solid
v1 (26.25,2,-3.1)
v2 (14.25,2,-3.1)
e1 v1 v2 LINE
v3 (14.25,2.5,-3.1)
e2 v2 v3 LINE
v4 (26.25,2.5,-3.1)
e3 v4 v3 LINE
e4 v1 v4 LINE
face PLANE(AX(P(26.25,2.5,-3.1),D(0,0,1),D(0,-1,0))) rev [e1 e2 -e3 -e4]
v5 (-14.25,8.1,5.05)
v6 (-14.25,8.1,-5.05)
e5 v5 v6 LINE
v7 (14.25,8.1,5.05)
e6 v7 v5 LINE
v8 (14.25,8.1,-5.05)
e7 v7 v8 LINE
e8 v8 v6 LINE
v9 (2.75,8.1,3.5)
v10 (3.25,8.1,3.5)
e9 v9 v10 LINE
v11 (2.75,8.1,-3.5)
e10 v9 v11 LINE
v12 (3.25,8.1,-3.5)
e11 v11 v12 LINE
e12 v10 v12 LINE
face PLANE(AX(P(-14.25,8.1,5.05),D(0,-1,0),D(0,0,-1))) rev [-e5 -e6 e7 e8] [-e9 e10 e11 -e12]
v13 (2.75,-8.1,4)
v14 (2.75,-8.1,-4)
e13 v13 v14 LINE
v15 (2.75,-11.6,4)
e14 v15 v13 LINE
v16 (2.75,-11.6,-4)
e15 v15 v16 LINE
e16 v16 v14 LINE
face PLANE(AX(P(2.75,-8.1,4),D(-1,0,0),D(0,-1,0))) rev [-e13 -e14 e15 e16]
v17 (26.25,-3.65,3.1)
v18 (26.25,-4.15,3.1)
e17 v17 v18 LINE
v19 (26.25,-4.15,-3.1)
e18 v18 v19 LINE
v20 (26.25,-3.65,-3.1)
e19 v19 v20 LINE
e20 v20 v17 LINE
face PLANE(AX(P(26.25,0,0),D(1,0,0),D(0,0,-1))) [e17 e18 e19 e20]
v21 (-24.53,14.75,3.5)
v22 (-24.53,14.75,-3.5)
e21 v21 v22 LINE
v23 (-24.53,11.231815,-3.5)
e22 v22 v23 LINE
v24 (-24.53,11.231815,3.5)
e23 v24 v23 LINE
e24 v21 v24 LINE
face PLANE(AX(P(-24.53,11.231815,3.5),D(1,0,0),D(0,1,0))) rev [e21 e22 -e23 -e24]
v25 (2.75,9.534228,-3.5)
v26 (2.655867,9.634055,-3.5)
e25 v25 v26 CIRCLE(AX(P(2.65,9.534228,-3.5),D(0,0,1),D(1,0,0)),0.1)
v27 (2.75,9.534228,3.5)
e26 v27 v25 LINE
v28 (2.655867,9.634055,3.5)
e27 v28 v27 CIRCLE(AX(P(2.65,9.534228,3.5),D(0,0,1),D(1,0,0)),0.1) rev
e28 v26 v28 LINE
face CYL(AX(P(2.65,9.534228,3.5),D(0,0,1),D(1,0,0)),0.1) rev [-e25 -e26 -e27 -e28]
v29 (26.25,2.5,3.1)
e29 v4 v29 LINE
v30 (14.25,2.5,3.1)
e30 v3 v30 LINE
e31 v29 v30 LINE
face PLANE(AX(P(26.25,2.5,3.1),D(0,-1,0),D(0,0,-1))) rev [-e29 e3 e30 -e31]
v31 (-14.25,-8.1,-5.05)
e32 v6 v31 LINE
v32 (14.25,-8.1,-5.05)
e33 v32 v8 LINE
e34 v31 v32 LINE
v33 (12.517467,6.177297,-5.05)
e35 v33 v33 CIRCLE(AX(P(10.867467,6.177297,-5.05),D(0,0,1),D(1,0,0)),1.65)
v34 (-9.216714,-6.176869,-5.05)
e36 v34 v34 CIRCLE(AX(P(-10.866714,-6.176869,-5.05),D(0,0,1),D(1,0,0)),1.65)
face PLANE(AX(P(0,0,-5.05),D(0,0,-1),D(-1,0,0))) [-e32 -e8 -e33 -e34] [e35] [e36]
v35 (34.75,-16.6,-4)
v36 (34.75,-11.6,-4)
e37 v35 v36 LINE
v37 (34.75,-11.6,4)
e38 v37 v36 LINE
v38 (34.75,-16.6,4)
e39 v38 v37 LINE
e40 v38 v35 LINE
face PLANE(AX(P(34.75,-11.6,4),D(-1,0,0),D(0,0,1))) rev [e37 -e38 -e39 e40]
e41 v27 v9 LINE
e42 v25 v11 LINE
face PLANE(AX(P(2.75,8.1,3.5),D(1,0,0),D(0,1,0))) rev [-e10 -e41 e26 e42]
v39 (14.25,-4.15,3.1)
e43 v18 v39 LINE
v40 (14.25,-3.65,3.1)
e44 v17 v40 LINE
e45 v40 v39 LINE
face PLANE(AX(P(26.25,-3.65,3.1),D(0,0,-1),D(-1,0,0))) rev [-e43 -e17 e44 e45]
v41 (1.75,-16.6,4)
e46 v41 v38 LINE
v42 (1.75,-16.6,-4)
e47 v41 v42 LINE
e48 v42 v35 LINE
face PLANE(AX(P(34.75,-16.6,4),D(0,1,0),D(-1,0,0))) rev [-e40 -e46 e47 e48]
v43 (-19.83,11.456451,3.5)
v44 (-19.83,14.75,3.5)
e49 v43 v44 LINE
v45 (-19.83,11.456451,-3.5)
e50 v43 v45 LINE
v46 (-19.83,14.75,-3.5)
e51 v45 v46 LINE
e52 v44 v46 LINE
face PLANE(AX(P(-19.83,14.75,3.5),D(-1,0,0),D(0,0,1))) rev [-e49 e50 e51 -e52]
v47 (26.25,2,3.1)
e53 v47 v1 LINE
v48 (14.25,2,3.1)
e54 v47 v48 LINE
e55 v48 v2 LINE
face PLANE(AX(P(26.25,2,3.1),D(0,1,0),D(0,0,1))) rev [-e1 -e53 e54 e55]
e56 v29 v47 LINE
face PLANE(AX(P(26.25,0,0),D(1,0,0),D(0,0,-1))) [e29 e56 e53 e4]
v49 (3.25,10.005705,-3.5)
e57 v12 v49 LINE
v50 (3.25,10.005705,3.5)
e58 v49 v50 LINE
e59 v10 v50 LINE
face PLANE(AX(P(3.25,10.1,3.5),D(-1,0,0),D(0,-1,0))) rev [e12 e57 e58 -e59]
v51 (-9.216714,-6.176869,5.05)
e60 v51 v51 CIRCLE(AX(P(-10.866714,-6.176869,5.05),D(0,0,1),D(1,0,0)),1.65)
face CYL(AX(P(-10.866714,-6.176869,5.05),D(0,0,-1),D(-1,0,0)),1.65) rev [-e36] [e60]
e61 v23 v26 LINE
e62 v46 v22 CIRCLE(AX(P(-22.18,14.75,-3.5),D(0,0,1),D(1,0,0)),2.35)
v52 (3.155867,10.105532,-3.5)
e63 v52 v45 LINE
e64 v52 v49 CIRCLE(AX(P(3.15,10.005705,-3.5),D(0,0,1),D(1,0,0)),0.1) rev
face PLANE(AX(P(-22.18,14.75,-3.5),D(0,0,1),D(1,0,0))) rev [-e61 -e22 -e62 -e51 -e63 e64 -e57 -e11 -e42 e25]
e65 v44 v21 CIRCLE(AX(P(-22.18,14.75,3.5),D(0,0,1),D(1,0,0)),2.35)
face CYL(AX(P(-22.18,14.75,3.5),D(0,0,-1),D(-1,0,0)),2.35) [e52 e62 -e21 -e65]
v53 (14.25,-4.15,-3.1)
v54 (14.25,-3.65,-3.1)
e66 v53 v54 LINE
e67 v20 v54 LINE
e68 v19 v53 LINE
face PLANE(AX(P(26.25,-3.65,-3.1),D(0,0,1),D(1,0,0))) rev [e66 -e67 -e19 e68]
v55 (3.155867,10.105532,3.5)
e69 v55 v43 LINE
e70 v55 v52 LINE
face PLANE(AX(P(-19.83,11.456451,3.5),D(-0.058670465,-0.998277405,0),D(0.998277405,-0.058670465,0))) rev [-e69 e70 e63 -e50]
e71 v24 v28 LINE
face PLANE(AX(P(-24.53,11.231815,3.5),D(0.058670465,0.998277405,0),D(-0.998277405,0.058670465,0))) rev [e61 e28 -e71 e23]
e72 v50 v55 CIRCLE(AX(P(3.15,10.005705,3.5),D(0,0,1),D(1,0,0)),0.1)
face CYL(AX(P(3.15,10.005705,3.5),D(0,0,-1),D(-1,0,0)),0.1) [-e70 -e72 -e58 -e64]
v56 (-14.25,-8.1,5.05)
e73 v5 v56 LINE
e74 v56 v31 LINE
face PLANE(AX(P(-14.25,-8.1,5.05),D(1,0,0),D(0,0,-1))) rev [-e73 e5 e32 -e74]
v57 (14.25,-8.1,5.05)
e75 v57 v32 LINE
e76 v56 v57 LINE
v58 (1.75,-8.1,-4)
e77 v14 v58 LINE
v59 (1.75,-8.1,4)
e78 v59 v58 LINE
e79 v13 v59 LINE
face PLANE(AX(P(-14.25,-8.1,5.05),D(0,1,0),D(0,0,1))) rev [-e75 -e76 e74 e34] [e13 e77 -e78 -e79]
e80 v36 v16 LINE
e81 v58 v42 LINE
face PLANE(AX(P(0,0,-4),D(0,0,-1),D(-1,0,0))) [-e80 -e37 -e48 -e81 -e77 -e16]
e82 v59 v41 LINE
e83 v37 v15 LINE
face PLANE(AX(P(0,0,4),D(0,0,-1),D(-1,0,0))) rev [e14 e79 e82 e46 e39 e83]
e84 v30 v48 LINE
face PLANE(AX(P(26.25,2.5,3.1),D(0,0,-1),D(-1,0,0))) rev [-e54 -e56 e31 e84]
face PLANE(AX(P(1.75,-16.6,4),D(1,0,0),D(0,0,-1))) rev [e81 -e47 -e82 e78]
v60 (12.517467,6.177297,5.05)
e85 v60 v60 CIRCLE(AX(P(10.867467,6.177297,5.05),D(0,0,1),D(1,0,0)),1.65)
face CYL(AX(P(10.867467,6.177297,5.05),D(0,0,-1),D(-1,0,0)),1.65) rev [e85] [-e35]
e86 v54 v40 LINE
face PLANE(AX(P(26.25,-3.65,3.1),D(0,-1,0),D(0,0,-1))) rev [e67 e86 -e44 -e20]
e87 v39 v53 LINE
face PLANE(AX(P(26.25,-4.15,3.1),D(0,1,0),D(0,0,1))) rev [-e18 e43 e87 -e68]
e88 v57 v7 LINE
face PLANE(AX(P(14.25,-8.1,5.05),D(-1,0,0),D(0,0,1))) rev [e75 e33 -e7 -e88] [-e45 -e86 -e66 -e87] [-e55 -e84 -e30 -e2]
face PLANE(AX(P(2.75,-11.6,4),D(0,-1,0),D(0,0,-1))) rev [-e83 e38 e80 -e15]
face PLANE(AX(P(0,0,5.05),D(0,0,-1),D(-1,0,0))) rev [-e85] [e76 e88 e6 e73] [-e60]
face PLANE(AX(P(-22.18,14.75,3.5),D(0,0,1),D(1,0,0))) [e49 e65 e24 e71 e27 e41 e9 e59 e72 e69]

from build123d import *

# Parameters (mm, degrees)
ESQUISSE1_W        = 28.5
ESQUISSE1_H        = 16.2
ESQUISSE1_R        = 1.65
BOSS_EXTRU_1_DEPTH = 5.05
BOSS_EXTRU_2_DEPTH = 3.5
CONG_1_R           = 0.1
ESQUISSE3_W        = 6.2
ESQUISSE3_H        = 0.5
BOSS_EXTRU_3_DEPTH = 12
BOSS_EXTRU_4_DEPTH = 4


with BuildPart() as part:
    # Esquisse1 → Boss.-Extru.1 (new, symmetric)
    with BuildSketch(Plane.XY):
        Rectangle(ESQUISSE1_W, ESQUISSE1_H)
        with Locations((-10.866713513, -6.176868734)):
            Circle(ESQUISSE1_R, mode=Mode.SUBTRACT)
        with Locations((10.867466751, 6.17729689)):
            Circle(ESQUISSE1_R, mode=Mode.SUBTRACT)
    extrude(amount=BOSS_EXTRU_1_DEPTH, both=True)

    # Esquisse2 → Boss.-Extru.2 (add, symmetric)
    with BuildSketch(Plane.XY):
        with BuildLine():
            Line((2.75, 8.1), (2.75, 9.628523069))
            Line((2.75, 9.628523069), (-24.53, 11.231815184))
            Line((-24.53, 11.231815184), (-24.53, 14.75))
            ThreePointArc((-24.53, 14.75), (-22.18, 17.1), (-19.83, 14.75))
            Line((-19.83, 14.75), (-19.83, 11.456450954))
            Line((-19.83, 11.456450954), (3.25, 10.1))
            Line((3.25, 10.1), (3.25, 8.1))
            Line((3.25, 8.1), (2.75, 8.1))
        make_face()
    extrude(amount=BOSS_EXTRU_2_DEPTH, both=True)

    # Congé1
    cong_1_edges = [part.edges().sort_by_distance(p)[0] for p in [
        (3.25, 10.1, 0),
        (2.75, 9.628523069, 0),
    ]]
    fillet(cong_1_edges, radius=CONG_1_R)

    # Esquisse3 → Boss.-Extru.3 (add)
    with BuildSketch(Plane(origin=(14.25, 0, 0), x_dir=(0, 0, -1), z_dir=(1, 0, 0))):
        with Locations((0, 2.25)):
            Rectangle(ESQUISSE3_W, ESQUISSE3_H)
        with Locations((0, -3.9)):
            Rectangle(ESQUISSE3_W, ESQUISSE3_H)
    extrude(amount=BOSS_EXTRU_3_DEPTH)

    # Esquisse4 → Boss.-Extru.4 (add, symmetric)
    with BuildSketch(Plane.XY):
        Polygon((2.75, -8.1), (2.75, -11.6), (34.75, -11.6), (34.75, -16.6), (1.75, -16.6), (1.75, -8.1), align=None)
    extrude(amount=BOSS_EXTRU_4_DEPTH, both=True)


solid = part.part
